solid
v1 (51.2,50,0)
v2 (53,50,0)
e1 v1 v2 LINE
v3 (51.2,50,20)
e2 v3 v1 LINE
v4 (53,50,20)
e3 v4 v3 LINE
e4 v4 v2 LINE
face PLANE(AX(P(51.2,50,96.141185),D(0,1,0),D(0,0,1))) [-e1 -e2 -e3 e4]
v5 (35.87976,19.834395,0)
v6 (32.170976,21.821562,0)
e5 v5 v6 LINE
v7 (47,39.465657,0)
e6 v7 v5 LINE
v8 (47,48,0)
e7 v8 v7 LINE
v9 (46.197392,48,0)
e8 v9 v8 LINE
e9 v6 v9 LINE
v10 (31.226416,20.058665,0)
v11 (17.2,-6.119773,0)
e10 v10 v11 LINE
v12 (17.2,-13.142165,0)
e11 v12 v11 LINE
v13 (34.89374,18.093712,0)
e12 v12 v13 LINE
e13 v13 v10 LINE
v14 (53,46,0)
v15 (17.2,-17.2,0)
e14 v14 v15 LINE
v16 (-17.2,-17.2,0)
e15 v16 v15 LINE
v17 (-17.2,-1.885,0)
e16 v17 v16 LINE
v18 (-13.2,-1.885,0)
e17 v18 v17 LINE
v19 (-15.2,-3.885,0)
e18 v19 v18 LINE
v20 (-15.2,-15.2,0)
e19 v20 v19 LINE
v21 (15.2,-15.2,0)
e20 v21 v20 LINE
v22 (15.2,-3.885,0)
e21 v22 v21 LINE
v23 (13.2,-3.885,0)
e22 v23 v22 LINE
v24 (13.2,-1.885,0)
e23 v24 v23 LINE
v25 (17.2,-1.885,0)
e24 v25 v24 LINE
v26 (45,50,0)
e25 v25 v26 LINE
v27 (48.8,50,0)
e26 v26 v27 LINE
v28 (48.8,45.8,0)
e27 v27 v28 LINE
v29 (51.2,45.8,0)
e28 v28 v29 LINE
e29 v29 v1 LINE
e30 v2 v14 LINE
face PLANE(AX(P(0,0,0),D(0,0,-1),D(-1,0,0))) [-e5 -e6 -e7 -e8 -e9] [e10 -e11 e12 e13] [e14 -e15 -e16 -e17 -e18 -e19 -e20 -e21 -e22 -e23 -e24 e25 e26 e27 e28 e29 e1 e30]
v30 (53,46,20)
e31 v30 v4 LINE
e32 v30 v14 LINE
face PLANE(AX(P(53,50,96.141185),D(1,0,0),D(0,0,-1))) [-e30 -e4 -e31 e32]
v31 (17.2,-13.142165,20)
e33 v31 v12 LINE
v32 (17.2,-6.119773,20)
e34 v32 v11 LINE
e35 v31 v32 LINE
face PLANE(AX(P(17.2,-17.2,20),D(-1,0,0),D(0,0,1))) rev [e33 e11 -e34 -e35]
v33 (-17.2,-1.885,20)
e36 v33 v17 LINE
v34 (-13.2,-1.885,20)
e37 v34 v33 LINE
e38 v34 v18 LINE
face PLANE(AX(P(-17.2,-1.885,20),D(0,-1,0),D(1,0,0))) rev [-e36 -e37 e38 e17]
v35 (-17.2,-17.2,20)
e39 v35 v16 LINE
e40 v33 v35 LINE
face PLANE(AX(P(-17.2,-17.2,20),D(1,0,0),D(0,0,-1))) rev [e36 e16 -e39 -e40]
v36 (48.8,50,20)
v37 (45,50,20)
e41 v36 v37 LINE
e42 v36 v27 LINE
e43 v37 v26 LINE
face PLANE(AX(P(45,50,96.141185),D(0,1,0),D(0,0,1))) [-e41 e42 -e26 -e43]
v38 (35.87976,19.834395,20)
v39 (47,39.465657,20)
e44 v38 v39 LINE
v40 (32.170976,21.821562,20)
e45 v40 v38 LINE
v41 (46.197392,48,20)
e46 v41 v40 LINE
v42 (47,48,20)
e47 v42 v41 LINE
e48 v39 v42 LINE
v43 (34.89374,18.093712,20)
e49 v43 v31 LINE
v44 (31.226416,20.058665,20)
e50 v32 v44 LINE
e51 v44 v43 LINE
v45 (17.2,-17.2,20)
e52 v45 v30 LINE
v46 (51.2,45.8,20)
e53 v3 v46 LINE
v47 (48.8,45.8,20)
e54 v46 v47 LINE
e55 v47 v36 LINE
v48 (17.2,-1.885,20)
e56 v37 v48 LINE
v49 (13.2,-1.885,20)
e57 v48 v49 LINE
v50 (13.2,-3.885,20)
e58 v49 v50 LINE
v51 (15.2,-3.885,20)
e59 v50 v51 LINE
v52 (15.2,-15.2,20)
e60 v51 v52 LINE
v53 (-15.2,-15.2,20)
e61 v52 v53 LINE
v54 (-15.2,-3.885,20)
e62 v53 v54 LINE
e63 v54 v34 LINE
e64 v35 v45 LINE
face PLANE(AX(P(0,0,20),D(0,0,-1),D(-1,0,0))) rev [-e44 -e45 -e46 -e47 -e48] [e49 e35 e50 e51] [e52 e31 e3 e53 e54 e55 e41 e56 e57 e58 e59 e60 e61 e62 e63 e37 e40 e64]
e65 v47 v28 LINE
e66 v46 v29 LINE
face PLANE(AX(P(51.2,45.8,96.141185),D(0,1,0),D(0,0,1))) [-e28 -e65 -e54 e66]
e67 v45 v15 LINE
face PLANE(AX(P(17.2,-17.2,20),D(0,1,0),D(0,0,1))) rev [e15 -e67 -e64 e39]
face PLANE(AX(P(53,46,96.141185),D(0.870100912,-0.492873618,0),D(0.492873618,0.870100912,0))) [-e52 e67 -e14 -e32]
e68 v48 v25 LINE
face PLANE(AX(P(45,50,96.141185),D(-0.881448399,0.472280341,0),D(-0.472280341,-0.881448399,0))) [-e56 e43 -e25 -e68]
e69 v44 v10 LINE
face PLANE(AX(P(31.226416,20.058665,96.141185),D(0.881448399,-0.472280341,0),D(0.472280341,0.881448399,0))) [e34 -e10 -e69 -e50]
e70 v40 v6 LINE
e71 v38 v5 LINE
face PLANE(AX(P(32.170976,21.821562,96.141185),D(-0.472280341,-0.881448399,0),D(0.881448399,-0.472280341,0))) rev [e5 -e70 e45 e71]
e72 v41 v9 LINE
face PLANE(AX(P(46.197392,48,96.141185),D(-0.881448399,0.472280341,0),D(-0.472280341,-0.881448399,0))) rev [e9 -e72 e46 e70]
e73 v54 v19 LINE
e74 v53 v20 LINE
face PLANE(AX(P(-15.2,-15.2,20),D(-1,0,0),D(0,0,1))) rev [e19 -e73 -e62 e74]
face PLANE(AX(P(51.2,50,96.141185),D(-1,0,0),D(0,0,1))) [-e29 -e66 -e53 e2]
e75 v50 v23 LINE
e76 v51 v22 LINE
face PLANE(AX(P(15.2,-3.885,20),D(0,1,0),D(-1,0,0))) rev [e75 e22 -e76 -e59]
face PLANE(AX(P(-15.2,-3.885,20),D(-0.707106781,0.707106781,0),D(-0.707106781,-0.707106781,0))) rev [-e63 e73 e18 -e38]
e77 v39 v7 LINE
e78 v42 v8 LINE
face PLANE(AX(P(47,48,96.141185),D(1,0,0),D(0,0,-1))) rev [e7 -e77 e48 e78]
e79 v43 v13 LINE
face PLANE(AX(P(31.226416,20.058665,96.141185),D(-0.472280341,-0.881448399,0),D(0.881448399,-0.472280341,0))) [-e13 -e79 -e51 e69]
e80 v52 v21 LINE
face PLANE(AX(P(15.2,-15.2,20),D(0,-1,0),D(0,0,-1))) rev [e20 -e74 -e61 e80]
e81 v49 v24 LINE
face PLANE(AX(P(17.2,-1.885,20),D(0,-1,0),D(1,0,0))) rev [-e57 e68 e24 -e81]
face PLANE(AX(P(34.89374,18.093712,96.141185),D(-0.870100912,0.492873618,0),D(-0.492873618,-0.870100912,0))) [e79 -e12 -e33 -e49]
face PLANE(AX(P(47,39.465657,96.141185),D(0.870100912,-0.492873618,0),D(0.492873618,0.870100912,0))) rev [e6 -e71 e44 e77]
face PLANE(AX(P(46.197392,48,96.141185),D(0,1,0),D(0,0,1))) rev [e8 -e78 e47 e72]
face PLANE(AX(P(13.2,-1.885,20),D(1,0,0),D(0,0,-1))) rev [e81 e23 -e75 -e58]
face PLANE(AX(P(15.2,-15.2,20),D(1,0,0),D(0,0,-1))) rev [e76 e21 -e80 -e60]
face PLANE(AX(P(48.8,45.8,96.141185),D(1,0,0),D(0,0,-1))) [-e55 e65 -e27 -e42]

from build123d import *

# Parameters (mm, degrees)
BOSS_EXTRUDE1_DEPTH = 20
BOSS_EXTRUDE2_DEPTH = 20


with BuildPart() as part:
    # Sketch1 → Boss-Extrude1 (new body)
    with BuildSketch(Plane.XY):
        Polygon((-15.2, -15.2), (-15.2, -3.885), (-13.2, -1.885), (-17.2, -1.885), (-17.2, -17.2), (17.2, -17.2), (17.2, -1.885), (13.2, -1.885), (13.2, -3.885), (15.2, -3.885), (15.2, -15.2), align=None)
    extrude(amount=BOSS_EXTRUDE1_DEPTH)

    # Sketch2 → Boss-Extrude2 (add)
    with BuildSketch(Plane(origin=(0, 0, 0), x_dir=(-1, 0, 0), z_dir=(0, 0, -1))):
        Polygon((-45, 50), (-17.2, -1.885), (-17.2, -6.119772924), (-31.226415692, 20.058665139), (-34.89374, 18.093711573), (-17.2, -13.142164629), (-17.2, -17.2), (-53, 46), (-53, 50), (-51.2, 50), (-51.2, 45.8), (-48.8, 45.8), (-48.8, 50), align=None)
        Polygon((-46.197392065, 48), (-32.170976373, 21.821561937), (-35.879759796, 19.834394564), (-47, 39.4656566), (-47, 48), align=None, mode=Mode.SUBTRACT)
    extrude(amount=-BOSS_EXTRUDE2_DEPTH)


solid = part.part
